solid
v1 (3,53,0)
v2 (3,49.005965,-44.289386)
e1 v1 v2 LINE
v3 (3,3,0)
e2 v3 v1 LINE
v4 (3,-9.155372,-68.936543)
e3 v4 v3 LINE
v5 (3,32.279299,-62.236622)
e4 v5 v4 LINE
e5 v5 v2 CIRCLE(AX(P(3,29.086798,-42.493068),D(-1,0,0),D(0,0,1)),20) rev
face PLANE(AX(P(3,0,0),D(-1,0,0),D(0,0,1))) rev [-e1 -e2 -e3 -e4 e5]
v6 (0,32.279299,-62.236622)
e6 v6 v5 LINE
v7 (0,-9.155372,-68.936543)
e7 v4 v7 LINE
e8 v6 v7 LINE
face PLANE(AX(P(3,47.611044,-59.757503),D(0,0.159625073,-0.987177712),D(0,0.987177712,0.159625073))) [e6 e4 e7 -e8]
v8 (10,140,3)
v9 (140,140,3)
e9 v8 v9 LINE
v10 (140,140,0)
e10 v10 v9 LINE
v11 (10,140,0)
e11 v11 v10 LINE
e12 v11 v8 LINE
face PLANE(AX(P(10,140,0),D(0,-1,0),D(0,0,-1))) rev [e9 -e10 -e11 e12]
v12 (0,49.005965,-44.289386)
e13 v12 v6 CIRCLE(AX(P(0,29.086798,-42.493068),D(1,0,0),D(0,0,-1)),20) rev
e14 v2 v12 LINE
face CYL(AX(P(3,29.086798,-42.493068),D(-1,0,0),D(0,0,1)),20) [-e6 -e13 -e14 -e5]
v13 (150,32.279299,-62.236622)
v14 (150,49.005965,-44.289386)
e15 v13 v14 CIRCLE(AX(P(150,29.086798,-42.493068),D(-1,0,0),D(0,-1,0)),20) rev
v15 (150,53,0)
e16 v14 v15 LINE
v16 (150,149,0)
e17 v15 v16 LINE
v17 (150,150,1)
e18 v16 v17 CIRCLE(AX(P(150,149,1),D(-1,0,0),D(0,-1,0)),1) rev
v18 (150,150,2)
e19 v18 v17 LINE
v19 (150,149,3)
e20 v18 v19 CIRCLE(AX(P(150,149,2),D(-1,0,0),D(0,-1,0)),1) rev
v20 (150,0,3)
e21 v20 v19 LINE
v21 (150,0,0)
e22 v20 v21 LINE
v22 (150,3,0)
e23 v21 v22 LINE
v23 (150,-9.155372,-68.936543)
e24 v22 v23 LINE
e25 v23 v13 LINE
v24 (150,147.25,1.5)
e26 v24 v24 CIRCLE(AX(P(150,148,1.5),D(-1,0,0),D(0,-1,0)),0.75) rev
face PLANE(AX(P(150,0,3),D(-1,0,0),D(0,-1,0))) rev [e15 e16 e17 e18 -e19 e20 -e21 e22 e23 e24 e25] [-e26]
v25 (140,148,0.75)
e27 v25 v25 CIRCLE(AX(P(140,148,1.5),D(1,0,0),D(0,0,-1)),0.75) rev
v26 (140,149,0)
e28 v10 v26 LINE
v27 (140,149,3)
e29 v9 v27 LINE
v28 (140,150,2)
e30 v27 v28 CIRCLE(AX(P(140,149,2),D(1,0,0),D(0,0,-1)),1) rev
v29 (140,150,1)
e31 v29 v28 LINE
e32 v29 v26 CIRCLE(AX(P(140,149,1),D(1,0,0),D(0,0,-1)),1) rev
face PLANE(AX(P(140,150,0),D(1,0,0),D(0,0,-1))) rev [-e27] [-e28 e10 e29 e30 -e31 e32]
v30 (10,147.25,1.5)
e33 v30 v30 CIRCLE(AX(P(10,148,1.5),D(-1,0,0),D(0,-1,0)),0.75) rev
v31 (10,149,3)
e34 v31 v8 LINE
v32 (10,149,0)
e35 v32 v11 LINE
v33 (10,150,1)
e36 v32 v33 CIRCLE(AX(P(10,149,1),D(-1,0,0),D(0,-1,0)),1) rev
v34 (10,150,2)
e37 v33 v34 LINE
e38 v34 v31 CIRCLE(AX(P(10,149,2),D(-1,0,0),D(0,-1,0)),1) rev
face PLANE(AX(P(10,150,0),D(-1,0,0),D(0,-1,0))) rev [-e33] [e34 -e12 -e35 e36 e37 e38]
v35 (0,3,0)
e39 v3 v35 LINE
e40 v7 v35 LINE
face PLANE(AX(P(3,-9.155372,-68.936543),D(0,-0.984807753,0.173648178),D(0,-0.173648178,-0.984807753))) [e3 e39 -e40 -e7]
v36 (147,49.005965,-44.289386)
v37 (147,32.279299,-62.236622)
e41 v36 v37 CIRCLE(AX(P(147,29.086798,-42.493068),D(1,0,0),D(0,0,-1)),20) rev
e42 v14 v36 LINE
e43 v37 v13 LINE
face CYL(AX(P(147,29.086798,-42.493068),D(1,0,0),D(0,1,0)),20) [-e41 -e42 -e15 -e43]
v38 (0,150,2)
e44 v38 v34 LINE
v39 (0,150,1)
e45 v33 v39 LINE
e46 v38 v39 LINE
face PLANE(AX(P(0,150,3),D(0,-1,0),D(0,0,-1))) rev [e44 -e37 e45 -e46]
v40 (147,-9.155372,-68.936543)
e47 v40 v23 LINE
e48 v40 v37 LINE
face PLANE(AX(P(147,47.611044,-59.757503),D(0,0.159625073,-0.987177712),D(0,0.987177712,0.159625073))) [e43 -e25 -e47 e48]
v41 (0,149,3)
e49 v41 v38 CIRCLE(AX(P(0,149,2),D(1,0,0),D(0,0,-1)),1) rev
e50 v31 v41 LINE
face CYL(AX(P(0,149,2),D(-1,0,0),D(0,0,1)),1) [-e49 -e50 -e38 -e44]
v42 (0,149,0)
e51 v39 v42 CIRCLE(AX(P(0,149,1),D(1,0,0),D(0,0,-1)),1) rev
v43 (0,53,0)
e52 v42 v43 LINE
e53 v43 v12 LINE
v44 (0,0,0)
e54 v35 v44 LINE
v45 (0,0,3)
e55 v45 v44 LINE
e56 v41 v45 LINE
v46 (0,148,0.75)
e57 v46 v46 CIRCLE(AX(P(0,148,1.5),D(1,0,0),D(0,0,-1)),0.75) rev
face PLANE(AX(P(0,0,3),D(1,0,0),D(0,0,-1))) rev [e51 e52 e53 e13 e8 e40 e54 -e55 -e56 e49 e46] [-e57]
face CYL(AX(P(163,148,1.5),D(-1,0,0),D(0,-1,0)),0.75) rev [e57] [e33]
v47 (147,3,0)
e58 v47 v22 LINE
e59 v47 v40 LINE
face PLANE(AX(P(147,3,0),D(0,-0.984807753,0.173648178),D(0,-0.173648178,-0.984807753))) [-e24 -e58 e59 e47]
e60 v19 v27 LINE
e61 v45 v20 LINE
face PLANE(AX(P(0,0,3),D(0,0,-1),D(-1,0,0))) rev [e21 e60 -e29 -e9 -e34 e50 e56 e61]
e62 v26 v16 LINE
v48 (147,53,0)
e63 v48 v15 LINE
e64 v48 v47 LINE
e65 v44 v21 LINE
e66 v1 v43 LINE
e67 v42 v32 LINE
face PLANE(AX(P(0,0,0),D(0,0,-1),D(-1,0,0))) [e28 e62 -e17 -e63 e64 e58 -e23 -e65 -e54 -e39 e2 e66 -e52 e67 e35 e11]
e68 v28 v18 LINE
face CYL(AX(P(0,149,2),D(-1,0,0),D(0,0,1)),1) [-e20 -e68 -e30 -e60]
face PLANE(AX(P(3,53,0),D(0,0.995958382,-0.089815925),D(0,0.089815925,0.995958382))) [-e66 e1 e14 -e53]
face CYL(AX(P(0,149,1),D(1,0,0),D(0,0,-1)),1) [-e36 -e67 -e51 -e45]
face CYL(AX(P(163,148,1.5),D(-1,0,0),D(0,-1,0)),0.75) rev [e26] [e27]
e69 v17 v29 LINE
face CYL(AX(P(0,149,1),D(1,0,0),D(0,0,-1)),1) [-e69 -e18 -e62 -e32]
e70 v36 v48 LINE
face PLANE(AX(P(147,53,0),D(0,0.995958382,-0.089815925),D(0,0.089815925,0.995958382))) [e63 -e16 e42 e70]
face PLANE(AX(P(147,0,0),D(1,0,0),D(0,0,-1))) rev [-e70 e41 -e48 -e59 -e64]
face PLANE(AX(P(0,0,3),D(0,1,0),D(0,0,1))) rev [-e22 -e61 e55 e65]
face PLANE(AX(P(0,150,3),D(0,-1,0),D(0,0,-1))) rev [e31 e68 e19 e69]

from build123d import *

# Parameters (mm, degrees)
ESQUISSE1_W                  = 150
ESQUISSE1_H                  = 150
BOSS_EXTRU_1_DEPTH           = 3
ESQUISSE3_W                  = 130
ESQUISSE3_H                  = 10
ENL_V_MAT_EXTRU_1_DEPTH      = 3
ENL_V_MAT_EXTRU_2_DEPTH      = 153
ENL_V_MAT_EXTRU_2_DEPTH_BACK = 200
ESQUISSE4_R                  = 0.75
CONG_1_R                     = 1
BOSS_EXTRU_5_DEPTH           = 3
BOSS_EXTRU_6_DEPTH           = 3
CONG_4_R                     = 20


with BuildPart() as part:
    # Esquisse1 → Boss.-Extru.1 (new body)
    with BuildSketch(Plane.XY):
        with Locations((75, 75)):
            Rectangle(ESQUISSE1_W, ESQUISSE1_H)
    extrude(amount=BOSS_EXTRU_1_DEPTH)

    # Esquisse3 → Enlèv. mat.-Extru.1 (cut)
    with BuildSketch(Plane.XY.offset(3)):
        with Locations((75, 145)):
            Rectangle(ESQUISSE3_W, ESQUISSE3_H)
    extrude(amount=-ENL_V_MAT_EXTRU_1_DEPTH, mode=Mode.SUBTRACT)

    # Esquisse4 → Enlèv. mat.-Extru.2 (cut, two sides: drawn at the far end of the back side and taken through both)
    with BuildSketch(Plane(origin=(10, 0, 0), x_dir=(0, 0, -1), z_dir=(1, 0, 0)).offset(-ENL_V_MAT_EXTRU_2_DEPTH_BACK)):
        with Locations(Location((-1.5, 148, 0), (0, 0, 270))):
            Circle(ESQUISSE4_R)
    extrude(amount=ENL_V_MAT_EXTRU_2_DEPTH + ENL_V_MAT_EXTRU_2_DEPTH_BACK, mode=Mode.SUBTRACT)

    # Congé1
    cong_1_edges = [part.edges().sort_by_distance(p)[0] for p in [
        (145, 150, 3),
        (5, 150, 0),
        (5, 150, 3),
        (145, 150, 0),
    ]]
    fillet(cong_1_edges, radius=CONG_1_R)

    # Esquisse8 → Boss.-Extru.5 (add)
    with BuildSketch(Plane(origin=(150, 0, 0), x_dir=(0, 0, -1), z_dir=(1, 0, 0))):
        Polygon((0, 3), (68.936542711, -9.155372437), (59.757502948, 47.611044498), (0, 53), align=None)
    extrude(amount=-BOSS_EXTRU_5_DEPTH)

    # Esquisse9 → Boss.-Extru.6 (add)
    with BuildSketch(Plane.ZY):
        Polygon((0, 53), (-59.757502948, 47.611044498), (-68.936542711, -9.155372437), (0, 3), align=None)
    extrude(amount=-BOSS_EXTRU_6_DEPTH)

    # Congé4
    cong_4_edges = [part.edges().sort_by_distance(p)[0] for p in [
        (148.5, 47.611044498, -59.757502948),
        (1.5, 47.611044498, -59.757502948),
    ]]
    fillet(cong_4_edges, radius=CONG_4_R)


solid = part.part
